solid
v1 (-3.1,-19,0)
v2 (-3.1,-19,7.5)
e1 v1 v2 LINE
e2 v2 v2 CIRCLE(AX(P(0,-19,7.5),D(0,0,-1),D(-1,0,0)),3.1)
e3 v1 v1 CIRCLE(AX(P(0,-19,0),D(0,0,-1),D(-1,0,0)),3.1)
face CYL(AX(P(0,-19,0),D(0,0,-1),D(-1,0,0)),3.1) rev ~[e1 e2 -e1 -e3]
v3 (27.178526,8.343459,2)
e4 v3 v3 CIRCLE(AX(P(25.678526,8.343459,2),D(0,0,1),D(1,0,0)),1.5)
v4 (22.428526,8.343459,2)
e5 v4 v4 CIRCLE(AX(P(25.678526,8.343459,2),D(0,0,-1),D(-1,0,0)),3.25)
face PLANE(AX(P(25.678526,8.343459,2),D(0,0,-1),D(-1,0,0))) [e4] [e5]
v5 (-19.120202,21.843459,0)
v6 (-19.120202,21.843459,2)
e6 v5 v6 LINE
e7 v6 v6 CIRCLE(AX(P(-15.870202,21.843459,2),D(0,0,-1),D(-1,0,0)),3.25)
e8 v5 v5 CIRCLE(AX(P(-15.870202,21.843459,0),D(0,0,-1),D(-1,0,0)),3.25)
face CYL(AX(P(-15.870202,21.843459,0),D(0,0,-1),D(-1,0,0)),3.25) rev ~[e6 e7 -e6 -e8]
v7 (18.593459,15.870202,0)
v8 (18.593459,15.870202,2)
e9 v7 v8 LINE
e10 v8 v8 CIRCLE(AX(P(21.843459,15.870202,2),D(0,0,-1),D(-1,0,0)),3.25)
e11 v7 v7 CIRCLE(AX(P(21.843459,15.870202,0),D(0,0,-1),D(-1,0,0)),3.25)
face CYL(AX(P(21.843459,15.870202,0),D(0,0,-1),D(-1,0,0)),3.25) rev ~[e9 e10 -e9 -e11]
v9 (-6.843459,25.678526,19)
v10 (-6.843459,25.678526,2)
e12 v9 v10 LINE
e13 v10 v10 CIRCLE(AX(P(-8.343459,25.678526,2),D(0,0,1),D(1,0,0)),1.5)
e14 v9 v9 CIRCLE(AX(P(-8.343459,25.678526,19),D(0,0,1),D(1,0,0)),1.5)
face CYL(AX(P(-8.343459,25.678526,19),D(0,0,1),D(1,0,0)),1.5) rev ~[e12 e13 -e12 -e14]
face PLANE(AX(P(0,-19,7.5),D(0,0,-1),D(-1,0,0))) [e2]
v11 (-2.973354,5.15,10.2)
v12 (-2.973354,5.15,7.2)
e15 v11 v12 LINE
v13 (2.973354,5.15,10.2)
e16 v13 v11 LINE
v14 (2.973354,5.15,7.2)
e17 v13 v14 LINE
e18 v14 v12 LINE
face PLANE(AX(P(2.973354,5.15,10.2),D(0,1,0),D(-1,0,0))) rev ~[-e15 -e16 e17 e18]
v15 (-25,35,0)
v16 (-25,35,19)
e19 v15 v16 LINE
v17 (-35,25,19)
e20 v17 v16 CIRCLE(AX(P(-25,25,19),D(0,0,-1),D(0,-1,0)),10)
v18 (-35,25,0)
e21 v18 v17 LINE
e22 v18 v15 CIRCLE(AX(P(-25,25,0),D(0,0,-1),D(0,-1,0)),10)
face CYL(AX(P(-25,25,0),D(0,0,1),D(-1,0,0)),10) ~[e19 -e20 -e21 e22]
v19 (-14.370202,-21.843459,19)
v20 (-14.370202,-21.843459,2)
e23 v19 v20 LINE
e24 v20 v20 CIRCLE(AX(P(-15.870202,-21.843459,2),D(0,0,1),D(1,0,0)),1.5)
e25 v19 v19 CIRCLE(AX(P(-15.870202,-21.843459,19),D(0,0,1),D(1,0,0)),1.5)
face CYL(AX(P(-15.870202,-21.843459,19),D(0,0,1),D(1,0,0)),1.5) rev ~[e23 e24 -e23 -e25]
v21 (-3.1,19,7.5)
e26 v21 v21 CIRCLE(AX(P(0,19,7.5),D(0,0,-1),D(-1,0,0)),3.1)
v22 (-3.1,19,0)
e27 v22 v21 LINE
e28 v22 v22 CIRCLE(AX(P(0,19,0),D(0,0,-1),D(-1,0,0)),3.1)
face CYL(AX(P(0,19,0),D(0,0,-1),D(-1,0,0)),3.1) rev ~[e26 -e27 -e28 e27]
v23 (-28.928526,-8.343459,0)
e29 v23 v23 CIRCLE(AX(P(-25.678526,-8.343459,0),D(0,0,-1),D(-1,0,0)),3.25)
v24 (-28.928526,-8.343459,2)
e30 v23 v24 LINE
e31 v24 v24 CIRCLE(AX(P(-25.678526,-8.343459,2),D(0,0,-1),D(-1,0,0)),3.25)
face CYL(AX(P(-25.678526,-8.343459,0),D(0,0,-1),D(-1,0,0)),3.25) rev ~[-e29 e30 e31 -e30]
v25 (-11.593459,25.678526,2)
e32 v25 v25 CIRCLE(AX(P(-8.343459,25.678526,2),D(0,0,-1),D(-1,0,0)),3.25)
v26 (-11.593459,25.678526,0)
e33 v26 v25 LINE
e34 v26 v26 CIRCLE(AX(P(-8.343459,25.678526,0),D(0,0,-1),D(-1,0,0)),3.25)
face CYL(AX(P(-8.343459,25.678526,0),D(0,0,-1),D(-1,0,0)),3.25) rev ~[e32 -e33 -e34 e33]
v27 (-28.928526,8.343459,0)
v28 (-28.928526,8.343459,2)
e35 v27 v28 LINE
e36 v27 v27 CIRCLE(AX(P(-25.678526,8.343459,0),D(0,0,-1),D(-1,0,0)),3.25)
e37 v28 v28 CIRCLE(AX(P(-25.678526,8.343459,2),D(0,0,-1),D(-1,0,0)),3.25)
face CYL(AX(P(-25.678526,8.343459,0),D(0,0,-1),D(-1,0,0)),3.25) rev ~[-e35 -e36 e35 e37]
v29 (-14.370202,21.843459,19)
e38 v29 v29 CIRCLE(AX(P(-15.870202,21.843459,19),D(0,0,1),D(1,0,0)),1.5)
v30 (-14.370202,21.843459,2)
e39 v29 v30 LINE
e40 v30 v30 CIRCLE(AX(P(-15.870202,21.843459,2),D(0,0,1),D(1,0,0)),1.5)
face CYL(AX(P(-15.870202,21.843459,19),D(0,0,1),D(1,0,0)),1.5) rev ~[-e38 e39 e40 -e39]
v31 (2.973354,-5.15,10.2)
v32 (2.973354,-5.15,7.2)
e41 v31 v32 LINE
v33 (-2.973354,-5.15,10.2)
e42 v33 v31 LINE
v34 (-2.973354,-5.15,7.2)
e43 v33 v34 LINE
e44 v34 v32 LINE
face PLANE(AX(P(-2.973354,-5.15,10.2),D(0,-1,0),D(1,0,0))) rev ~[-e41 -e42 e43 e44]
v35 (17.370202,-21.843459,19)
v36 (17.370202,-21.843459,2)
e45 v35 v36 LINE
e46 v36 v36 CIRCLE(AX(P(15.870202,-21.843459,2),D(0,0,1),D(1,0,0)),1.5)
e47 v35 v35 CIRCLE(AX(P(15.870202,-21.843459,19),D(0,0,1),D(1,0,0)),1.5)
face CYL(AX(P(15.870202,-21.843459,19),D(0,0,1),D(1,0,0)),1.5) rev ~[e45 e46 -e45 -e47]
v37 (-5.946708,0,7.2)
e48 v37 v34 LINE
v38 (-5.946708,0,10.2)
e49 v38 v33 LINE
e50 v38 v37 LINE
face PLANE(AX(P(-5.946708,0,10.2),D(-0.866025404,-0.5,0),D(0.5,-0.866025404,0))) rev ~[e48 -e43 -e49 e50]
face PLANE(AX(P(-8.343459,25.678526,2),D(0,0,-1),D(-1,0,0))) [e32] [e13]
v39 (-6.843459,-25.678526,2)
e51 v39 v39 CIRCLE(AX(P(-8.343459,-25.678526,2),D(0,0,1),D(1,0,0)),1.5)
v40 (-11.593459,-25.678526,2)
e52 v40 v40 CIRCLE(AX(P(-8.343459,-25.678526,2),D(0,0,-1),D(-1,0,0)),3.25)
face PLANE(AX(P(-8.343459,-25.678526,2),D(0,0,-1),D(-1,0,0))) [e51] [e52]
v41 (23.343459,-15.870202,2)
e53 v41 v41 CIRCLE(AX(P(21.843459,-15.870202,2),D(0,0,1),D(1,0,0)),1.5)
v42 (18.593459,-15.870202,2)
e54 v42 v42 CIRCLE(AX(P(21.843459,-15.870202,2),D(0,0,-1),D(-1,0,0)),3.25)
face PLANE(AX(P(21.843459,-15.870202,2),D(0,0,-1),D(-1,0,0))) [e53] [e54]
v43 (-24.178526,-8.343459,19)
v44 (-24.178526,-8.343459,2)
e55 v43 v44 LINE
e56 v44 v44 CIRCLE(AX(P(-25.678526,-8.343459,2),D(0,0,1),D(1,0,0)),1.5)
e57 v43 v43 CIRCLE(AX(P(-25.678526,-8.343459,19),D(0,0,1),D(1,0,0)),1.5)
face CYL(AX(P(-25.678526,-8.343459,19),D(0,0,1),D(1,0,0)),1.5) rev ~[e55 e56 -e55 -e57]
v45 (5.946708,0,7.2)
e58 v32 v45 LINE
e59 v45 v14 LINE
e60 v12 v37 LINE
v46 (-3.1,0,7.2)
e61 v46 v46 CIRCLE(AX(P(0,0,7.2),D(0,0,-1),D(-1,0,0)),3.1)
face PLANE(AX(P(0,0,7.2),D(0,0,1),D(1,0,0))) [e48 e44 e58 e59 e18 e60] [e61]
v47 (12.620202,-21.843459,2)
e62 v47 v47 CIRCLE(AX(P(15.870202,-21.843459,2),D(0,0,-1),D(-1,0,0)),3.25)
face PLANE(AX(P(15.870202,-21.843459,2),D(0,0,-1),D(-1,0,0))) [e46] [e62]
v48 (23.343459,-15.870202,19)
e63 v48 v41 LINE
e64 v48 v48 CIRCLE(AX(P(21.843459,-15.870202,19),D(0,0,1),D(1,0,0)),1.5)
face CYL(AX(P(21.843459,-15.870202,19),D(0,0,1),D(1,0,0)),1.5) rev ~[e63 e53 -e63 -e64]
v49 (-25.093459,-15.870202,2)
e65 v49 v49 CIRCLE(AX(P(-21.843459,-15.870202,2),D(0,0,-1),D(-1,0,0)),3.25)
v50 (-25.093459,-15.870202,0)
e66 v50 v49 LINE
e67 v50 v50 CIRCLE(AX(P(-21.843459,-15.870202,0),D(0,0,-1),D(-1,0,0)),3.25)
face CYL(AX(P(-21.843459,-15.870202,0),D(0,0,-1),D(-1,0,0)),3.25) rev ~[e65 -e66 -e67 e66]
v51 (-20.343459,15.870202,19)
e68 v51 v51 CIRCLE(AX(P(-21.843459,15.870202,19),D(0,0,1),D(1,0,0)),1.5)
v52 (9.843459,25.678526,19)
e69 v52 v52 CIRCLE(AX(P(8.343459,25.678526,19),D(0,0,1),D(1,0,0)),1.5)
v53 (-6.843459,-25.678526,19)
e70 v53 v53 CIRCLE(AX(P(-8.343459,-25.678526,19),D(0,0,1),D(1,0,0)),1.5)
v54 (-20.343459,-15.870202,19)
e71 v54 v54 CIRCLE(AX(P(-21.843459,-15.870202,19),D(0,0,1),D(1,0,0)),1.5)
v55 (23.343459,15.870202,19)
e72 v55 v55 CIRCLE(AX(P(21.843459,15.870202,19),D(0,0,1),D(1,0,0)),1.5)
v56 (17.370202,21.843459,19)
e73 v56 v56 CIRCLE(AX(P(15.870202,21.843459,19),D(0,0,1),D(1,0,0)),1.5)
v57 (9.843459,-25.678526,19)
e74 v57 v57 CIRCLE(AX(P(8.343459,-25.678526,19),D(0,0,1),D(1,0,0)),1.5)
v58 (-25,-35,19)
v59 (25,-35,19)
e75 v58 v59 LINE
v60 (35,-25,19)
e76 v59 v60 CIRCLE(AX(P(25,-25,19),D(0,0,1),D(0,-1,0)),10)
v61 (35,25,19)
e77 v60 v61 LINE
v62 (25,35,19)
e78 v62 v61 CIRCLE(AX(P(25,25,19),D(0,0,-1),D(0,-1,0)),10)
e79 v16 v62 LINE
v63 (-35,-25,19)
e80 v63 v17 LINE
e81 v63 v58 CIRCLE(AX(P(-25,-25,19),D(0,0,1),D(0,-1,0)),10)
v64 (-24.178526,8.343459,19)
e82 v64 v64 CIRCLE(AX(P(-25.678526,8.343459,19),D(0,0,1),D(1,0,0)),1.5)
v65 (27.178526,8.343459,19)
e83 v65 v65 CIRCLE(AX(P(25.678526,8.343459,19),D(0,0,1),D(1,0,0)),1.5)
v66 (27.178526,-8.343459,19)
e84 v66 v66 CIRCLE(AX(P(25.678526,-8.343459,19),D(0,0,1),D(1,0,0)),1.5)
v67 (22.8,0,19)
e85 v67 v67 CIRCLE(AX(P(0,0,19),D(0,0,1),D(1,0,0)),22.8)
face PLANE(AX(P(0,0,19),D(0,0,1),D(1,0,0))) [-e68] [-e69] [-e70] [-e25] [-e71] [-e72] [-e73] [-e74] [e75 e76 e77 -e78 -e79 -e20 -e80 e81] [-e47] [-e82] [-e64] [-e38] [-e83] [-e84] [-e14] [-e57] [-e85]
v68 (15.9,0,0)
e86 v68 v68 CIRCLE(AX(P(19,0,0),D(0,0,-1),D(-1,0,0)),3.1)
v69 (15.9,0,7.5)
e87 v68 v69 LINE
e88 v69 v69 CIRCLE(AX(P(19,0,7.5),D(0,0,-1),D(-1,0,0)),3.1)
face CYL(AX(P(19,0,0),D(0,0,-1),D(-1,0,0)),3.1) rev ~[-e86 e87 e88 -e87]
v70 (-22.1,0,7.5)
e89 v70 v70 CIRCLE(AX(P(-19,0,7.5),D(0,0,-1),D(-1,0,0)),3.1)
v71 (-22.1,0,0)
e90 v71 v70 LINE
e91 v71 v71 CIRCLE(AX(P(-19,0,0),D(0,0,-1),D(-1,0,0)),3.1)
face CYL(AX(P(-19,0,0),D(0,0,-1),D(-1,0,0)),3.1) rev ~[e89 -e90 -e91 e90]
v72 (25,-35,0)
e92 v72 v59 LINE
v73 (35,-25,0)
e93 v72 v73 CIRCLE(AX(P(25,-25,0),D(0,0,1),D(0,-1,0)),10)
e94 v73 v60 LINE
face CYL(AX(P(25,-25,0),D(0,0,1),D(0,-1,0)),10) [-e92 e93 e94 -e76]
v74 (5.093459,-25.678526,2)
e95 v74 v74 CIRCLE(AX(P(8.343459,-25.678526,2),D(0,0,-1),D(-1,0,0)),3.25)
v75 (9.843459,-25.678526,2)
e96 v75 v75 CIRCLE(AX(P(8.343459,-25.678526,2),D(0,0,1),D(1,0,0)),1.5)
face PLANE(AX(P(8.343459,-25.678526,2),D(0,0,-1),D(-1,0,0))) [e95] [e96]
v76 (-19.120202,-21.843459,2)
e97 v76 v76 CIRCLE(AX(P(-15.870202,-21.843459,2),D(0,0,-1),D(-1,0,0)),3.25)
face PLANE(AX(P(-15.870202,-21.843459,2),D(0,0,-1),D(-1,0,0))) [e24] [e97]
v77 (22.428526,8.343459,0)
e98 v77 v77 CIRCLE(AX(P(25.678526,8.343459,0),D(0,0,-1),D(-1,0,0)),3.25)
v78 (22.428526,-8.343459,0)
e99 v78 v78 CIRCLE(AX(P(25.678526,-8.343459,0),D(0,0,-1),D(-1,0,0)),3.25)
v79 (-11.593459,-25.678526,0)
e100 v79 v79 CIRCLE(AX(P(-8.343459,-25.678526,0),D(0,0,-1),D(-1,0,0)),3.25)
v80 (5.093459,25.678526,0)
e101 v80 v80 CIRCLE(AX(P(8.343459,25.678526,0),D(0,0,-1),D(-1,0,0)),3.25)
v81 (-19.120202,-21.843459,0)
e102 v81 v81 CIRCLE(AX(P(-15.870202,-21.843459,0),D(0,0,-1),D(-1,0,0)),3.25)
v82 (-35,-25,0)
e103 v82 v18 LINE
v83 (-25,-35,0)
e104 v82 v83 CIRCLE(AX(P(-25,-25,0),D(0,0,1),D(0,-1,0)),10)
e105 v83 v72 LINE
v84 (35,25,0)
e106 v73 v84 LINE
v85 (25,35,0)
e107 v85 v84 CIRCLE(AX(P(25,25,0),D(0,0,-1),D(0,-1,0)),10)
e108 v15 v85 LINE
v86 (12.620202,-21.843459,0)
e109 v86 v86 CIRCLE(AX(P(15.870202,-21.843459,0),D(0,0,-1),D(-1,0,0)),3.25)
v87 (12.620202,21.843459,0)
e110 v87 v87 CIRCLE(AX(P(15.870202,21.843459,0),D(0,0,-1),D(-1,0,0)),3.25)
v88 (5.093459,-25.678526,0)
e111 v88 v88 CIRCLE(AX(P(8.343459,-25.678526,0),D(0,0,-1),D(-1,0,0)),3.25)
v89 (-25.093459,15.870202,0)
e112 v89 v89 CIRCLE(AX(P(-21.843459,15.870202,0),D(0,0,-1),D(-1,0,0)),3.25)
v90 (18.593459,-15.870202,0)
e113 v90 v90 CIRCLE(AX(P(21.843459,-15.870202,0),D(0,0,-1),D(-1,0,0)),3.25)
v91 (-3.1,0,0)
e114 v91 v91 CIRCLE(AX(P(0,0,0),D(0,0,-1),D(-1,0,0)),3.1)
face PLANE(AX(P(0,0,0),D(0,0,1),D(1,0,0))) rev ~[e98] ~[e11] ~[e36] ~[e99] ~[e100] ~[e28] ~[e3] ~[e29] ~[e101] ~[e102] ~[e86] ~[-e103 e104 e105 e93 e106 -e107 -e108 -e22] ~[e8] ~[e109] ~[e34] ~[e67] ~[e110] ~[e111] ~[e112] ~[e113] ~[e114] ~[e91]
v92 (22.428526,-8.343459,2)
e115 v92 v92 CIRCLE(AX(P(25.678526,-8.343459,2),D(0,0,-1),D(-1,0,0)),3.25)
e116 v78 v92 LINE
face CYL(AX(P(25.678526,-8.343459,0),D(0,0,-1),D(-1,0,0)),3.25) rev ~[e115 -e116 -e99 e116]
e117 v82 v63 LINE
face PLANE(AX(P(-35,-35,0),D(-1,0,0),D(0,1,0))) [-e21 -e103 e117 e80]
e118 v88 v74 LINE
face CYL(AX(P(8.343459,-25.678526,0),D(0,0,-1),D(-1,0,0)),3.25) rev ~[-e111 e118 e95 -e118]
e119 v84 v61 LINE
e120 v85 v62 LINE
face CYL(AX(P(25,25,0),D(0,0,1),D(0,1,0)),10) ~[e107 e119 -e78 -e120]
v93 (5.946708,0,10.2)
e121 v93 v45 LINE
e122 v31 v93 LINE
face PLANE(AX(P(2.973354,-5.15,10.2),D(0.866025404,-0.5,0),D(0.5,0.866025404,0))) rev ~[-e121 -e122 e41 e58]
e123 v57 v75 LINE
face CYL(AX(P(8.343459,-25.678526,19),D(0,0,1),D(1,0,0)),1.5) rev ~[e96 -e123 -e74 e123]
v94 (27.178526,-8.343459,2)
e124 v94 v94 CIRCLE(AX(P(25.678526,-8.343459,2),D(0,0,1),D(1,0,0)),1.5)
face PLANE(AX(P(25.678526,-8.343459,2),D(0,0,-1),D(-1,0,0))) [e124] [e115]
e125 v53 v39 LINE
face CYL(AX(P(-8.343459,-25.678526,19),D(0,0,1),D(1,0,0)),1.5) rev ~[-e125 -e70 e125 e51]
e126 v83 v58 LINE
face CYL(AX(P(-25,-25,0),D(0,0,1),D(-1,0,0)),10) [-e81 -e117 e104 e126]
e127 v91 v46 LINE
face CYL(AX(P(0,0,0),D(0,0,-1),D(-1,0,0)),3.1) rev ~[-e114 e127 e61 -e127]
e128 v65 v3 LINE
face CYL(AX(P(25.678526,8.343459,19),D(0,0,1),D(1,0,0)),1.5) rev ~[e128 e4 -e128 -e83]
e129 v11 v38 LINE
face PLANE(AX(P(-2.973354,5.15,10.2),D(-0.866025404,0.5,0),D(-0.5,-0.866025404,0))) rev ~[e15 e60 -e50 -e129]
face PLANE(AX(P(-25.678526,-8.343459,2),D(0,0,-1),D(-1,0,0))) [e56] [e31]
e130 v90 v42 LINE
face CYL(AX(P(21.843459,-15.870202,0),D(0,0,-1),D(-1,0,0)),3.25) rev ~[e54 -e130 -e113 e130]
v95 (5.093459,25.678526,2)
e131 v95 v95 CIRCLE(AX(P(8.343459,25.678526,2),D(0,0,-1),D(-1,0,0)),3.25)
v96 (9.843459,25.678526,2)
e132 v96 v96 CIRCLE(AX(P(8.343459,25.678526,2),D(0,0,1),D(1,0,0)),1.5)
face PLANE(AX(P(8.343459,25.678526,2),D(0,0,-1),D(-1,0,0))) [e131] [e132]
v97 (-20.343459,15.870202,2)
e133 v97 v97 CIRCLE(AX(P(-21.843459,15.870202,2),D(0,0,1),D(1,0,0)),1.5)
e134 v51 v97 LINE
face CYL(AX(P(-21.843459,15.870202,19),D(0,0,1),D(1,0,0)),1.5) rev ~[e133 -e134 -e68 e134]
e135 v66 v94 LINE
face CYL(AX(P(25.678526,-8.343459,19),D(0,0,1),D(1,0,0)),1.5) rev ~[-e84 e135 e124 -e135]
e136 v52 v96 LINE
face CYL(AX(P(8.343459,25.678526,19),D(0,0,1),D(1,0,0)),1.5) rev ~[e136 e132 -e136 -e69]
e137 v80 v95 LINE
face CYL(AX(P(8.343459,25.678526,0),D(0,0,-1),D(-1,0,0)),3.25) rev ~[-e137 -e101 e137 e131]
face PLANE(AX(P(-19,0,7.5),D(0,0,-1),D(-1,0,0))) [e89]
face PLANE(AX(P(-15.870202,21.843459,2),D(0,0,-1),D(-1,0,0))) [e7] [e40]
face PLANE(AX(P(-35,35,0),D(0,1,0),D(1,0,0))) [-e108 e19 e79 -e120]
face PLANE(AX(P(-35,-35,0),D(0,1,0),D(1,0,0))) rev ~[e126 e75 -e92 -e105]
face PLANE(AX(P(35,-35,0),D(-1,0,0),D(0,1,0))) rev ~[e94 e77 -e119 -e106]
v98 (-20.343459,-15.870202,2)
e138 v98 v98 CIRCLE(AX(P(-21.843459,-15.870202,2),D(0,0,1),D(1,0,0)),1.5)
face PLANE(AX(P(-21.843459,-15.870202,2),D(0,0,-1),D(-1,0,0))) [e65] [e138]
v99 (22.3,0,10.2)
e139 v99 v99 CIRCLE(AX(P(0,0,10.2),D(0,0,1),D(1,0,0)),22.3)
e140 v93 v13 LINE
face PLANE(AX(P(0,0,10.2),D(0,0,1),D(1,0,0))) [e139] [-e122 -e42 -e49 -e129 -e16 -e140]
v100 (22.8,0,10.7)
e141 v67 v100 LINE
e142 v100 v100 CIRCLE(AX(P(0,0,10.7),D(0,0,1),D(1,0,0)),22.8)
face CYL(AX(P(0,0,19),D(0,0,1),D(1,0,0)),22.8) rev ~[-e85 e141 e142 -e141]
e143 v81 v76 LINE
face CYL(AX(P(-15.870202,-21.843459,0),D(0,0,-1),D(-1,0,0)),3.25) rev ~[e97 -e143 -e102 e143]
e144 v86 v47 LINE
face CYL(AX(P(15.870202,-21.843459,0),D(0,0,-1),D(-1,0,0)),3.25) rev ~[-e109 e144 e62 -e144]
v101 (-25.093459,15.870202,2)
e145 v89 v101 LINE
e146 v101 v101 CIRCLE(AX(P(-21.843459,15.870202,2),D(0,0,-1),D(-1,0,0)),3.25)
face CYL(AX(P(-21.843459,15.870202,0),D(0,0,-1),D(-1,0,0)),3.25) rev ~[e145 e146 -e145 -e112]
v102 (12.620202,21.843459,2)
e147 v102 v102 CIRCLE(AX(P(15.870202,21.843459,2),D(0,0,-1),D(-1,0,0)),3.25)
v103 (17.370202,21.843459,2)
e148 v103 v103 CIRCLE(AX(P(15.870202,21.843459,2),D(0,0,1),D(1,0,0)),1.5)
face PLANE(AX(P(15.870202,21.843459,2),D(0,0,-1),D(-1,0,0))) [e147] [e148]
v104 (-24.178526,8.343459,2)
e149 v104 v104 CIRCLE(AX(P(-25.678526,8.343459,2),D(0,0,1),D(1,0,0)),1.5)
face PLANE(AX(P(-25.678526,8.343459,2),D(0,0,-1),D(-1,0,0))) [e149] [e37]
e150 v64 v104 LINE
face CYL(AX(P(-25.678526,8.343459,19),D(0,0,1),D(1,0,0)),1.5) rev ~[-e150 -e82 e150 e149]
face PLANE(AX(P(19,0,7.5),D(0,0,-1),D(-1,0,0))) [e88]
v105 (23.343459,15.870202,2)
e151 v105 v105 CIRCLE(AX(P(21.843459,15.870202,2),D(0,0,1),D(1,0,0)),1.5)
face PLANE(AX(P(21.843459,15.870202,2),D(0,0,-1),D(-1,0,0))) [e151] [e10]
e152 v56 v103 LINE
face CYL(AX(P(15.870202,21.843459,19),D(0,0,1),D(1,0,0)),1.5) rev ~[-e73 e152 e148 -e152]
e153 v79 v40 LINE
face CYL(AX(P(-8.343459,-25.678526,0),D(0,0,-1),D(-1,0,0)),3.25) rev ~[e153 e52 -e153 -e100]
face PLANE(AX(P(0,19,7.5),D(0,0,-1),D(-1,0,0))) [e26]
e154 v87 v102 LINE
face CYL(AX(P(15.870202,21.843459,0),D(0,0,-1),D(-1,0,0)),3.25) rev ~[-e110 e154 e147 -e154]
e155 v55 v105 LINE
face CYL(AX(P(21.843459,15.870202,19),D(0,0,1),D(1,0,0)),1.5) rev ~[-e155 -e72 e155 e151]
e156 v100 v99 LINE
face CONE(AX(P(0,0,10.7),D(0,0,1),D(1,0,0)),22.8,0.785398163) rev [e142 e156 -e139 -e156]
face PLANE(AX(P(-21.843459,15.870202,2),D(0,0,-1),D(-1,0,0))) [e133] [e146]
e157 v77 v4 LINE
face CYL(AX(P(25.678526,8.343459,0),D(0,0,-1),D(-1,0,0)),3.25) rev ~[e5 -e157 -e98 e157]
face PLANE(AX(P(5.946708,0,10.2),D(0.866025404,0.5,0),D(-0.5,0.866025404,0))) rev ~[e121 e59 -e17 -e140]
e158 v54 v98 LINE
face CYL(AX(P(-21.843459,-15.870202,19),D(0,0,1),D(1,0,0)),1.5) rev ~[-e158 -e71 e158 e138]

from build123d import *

# Parameters (mm, degrees)
SKETCH_1_W          = 70
SKETCH_1_H          = 70
EXTRUDE_1_DEPTH     = 19
SKETCH_2_R          = 22.8
CUT_EXTRUDE_1_DEPTH = 8.8
SKETCH_3_R          = 1.5
CUT_EXTRUDE_2_DEPTH = 19
SKETCH_5_R          = 3.25
CUT_EXTRUDE_3_DEPTH = 2
SKETCH_6_R          = 3.1
CUT_EXTRUDE_4_DEPTH = 7.5
CHAMFER_2_SIZE      = 0.5
CUT_EXTRUDE_5_DEPTH = 3
FILLET_1_R          = 10


with BuildPart() as part:
    # Эскиз1 → Бобышка-Вытянуть1 (new body)
    with BuildSketch(Plane.XY):
        Rectangle(SKETCH_1_W, SKETCH_1_H)
    extrude(amount=EXTRUDE_1_DEPTH)

    # Эскиз2 → Вырез-Вытянуть1 (cut)
    with BuildSketch(Plane.XY.offset(19)):
        Circle(SKETCH_2_R)
    extrude(amount=-CUT_EXTRUDE_1_DEPTH, mode=Mode.SUBTRACT)

    # Эскиз3 → Вырез-Вытянуть2 (cut)
    with BuildSketch(Plane.XY.offset(19)):
        with Locations((-8.343458848, 25.67852594)):
            Circle(SKETCH_3_R)
        with Locations((8.343458848, 25.67852594)):
            Circle(SKETCH_3_R)
        with Locations((15.870201812, 21.843458848)):
            Circle(SKETCH_3_R)
        with Locations((21.843458848, 15.870201812)):
            Circle(SKETCH_3_R)
        with Locations((25.67852594, 8.343458848)):
            Circle(SKETCH_3_R)
        with Locations((25.67852594, -8.343458848)):
            Circle(SKETCH_3_R)
        with Locations((21.843458848, -15.870201812)):
            Circle(SKETCH_3_R)
        with Locations((15.870201812, -21.843458848)):
            Circle(SKETCH_3_R)
        with Locations((8.343458848, -25.67852594)):
            Circle(SKETCH_3_R)
        with Locations((-8.343458848, -25.67852594)):
            Circle(SKETCH_3_R)
        with Locations((-15.870201812, -21.843458848)):
            Circle(SKETCH_3_R)
        with Locations((-21.843458848, -15.870201812)):
            Circle(SKETCH_3_R)
        with Locations((-25.67852594, -8.343458848)):
            Circle(SKETCH_3_R)
        with Locations((-25.67852594, 8.343458848)):
            Circle(SKETCH_3_R)
        with Locations((-21.843458848, 15.870201812)):
            Circle(SKETCH_3_R)
        with Locations((-15.870201812, 21.843458848)):
            Circle(SKETCH_3_R)
    extrude(amount=-CUT_EXTRUDE_2_DEPTH, mode=Mode.SUBTRACT)

    # Эскиз5 → Вырез-Вытянуть3 (cut)
    with BuildSketch(Plane(origin=(0, 0, 0), x_dir=(-1, 0, 0), z_dir=(0, 0, -1))):
        with Locations((-8.343458848, 25.67852594)):
            Circle(SKETCH_5_R)
        with Locations((8.343458848, 25.67852594)):
            Circle(SKETCH_5_R)
        with Locations((15.870201812, 21.843458848)):
            Circle(SKETCH_5_R)
        with Locations((21.843458848, 15.870201812)):
            Circle(SKETCH_5_R)
        with Locations((25.67852594, 8.343458848)):
            Circle(SKETCH_5_R)
        with Locations((25.67852594, -8.343458848)):
            Circle(SKETCH_5_R)
        with Locations((21.843458848, -15.870201812)):
            Circle(SKETCH_5_R)
        with Locations((15.870201812, -21.843458848)):
            Circle(SKETCH_5_R)
        with Locations((8.343458848, -25.67852594)):
            Circle(SKETCH_5_R)
        with Locations((-8.343458848, -25.67852594)):
            Circle(SKETCH_5_R)
        with Locations((-15.870201812, -21.843458848)):
            Circle(SKETCH_5_R)
        with Locations((-21.843458848, -15.870201812)):
            Circle(SKETCH_5_R)
        with Locations((-25.67852594, -8.343458848)):
            Circle(SKETCH_5_R)
        with Locations((-25.67852594, 8.343458848)):
            Circle(SKETCH_5_R)
        with Locations((-21.843458848, 15.870201812)):
            Circle(SKETCH_5_R)
        with Locations((-15.870201812, 21.843458848)):
            Circle(SKETCH_5_R)
    extrude(amount=-CUT_EXTRUDE_3_DEPTH, mode=Mode.SUBTRACT)

    # Эскиз6 → Вырез-Вытянуть4 (cut)
    with BuildSketch(Plane(origin=(0, 0, 0), x_dir=(-1, 0, 0), z_dir=(0, 0, -1))):
        with Locations((0, -19)):
            Circle(SKETCH_6_R)
        with Locations((0, 19)):
            Circle(SKETCH_6_R)
        with Locations((-19, 0)):
            Circle(SKETCH_6_R)
        with Locations((19, 0)):
            Circle(SKETCH_6_R)
        Circle(SKETCH_6_R)
    extrude(amount=-CUT_EXTRUDE_4_DEPTH, mode=Mode.SUBTRACT)

    # Фаска2
    chamfer_2_edges = [part.edges().sort_by_distance(p)[0] for p in [
        (-22.8, 0, 10.2),
    ]]
    chamfer(chamfer_2_edges, length=CHAMFER_2_SIZE)

    # Эскиз7 → Вырез-Вытянуть5 (cut)
    with BuildSketch(Plane.XY.offset(10.2)):
        Polygon((-2.973353886, 5.15), (-5.946707773, 0), (-2.973353886, -5.15), (2.973353886, -5.15), (5.946707773, 0), (2.973353886, 5.15), align=None)
    extrude(amount=-CUT_EXTRUDE_5_DEPTH, mode=Mode.SUBTRACT)

    # Скругление1
    fillet_1_edges = [part.edges().sort_by_distance(p)[0] for p in [
        (35, -35, 9.5),
        (-35, -35, 9.5),
        (-35, 35, 9.5),
        (35, 35, 9.5),
    ]]
    fillet(fillet_1_edges, radius=FILLET_1_R)


solid = part.part
